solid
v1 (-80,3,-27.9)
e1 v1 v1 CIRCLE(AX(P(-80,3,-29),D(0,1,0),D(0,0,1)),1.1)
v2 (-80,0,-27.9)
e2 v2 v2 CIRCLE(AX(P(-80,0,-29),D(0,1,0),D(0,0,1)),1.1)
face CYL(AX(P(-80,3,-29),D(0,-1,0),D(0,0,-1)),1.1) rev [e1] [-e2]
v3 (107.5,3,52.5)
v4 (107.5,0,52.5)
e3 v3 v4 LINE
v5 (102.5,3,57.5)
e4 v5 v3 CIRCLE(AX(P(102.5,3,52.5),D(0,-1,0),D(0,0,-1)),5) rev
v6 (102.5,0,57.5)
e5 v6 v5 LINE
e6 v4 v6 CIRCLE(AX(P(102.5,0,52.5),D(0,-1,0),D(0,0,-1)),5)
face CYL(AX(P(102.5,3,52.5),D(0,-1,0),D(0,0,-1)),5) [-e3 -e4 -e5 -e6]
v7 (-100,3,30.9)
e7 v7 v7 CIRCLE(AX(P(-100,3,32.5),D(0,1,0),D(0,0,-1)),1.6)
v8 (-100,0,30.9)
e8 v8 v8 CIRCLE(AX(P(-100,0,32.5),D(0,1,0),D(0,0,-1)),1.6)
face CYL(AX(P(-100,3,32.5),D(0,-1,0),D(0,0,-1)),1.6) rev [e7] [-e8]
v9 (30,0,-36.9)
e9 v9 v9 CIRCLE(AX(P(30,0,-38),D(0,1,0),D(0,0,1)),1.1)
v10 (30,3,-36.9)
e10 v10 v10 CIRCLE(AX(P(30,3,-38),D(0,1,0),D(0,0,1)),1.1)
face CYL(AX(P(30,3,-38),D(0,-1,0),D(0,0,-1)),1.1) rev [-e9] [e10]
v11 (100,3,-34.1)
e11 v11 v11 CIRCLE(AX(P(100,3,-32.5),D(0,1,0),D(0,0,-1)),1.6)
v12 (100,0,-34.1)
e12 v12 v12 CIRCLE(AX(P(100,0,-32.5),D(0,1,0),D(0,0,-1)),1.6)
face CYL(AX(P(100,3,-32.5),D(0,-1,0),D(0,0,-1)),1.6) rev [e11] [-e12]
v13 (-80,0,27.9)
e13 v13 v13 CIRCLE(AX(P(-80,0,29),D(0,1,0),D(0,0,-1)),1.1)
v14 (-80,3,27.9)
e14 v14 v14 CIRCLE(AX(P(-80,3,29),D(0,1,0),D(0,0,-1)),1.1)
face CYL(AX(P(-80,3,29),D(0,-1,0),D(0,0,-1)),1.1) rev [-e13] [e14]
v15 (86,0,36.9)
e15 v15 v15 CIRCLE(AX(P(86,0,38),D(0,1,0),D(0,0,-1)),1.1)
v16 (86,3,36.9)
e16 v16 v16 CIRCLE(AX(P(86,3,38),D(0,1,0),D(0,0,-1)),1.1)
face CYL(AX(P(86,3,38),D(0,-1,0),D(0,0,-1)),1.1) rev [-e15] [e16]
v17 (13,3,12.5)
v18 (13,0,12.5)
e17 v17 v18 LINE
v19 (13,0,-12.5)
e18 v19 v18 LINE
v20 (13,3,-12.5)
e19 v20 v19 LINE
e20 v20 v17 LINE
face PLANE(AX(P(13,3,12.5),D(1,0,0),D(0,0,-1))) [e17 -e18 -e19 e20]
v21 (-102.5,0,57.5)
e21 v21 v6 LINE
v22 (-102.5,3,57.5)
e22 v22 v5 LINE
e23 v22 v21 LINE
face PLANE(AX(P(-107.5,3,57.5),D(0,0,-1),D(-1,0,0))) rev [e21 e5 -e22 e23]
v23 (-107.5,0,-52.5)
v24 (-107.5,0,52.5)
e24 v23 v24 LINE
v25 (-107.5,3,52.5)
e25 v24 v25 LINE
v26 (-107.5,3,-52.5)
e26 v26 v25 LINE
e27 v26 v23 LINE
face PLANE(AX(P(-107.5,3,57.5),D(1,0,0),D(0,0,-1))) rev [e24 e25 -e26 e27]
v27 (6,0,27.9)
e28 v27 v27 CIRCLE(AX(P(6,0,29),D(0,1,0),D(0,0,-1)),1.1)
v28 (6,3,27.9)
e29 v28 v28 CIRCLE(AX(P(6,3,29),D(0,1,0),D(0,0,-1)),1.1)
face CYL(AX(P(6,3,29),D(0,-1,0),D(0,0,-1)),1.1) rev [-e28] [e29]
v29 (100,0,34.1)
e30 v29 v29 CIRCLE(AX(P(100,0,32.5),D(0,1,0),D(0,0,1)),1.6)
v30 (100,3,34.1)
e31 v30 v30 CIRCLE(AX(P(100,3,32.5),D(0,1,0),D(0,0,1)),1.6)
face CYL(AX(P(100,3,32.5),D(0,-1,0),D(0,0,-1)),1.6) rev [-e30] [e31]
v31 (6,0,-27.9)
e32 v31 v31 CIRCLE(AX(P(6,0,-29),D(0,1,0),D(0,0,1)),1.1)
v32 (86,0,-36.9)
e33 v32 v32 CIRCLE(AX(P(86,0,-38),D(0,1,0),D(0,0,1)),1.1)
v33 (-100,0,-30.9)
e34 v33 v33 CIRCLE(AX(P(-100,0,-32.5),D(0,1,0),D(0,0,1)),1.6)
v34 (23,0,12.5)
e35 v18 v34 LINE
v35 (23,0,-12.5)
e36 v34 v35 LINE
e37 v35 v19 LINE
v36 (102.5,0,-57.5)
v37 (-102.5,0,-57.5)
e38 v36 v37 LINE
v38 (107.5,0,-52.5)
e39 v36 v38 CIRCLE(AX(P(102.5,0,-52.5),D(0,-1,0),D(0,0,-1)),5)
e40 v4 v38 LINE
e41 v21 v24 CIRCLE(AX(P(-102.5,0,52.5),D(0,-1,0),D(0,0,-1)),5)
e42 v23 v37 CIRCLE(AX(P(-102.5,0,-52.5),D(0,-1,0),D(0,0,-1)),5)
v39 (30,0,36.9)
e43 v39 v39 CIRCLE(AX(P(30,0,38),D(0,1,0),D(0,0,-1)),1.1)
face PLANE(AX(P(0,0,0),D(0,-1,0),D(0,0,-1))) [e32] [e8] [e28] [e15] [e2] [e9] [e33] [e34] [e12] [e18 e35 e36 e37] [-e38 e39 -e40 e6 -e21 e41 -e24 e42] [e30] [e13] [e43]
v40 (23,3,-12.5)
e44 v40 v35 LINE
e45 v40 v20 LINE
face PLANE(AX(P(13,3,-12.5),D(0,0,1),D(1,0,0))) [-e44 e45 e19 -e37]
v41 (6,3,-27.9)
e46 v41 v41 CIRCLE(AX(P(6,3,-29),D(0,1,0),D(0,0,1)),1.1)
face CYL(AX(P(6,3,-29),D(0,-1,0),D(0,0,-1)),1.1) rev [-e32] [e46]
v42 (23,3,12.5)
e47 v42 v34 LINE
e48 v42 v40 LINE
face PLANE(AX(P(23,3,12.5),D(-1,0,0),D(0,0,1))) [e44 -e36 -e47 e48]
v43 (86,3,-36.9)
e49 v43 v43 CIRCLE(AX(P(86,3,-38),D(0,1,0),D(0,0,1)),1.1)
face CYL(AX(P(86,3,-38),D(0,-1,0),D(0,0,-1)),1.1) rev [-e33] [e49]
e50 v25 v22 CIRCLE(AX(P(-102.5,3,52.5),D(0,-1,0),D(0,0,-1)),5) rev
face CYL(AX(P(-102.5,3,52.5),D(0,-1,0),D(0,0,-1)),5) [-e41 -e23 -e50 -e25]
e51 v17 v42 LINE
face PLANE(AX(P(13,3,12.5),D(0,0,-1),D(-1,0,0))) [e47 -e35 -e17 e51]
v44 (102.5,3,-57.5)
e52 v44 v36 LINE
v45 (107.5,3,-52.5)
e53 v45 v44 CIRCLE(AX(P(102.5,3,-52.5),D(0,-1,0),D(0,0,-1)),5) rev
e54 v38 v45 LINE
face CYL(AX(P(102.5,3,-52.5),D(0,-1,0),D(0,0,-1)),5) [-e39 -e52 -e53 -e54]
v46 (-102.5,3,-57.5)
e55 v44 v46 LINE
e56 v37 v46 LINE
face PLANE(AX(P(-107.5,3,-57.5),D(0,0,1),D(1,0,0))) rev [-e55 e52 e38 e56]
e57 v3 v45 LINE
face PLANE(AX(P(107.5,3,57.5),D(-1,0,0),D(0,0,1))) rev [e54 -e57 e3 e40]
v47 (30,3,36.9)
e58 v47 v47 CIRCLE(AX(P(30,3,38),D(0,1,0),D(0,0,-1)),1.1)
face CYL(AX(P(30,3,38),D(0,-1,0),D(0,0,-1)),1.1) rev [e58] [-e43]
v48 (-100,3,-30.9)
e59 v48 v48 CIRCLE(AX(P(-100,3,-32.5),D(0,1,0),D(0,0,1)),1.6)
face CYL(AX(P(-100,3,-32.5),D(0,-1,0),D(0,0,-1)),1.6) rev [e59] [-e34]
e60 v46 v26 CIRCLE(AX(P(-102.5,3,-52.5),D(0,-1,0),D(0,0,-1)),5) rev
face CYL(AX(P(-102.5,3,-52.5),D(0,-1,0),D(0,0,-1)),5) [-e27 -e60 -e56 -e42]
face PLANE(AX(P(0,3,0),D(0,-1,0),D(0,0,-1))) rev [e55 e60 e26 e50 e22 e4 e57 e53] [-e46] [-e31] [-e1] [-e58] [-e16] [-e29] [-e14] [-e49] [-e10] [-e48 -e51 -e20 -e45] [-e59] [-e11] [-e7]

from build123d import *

# Parameters (mm, degrees)
SKETCH1_W           = 215
SKETCH1_H           = 115
SKETCH1_R           = 1.6
SKETCH1_R_2         = 1.1
SKETCH1_W_2         = 10
SKETCH1_H_2         = 25
BOSS_EXTRUDE1_DEPTH = 3
FILLET1_R           = 5


with BuildPart() as part:
    # Sketch1 → Boss-Extrude1 (new body)
    with BuildSketch(Plane(origin=(0, 0, 0), x_dir=(1, 0, 0), z_dir=(0, 1, 0))):
        Rectangle(SKETCH1_W, SKETCH1_H)
        with Locations(Location((100, -32.5, 0), (0, 0, 270))):
            Circle(SKETCH1_R, mode=Mode.SUBTRACT)
        with Locations(Location((-100, -32.5, 0), (0, 0, 90))):
            Circle(SKETCH1_R, mode=Mode.SUBTRACT)
        with Locations(Location((100, 32.5, 0), (0, 0, 90))):
            Circle(SKETCH1_R, mode=Mode.SUBTRACT)
        with Locations(Location((-100, 32.5, 0), (0, 0, 270))):
            Circle(SKETCH1_R, mode=Mode.SUBTRACT)
        with Locations(Location((-80, 29, 0), (0, 0, 270))):
            Circle(SKETCH1_R_2, mode=Mode.SUBTRACT)
        with Locations(Location((-80, -29, 0), (0, 0, 90))):
            Circle(SKETCH1_R_2, mode=Mode.SUBTRACT)
        with Locations(Location((30, 38, 0), (0, 0, 270))):
            Circle(SKETCH1_R_2, mode=Mode.SUBTRACT)
        with Locations(Location((86, 38, 0), (0, 0, 270))):
            Circle(SKETCH1_R_2, mode=Mode.SUBTRACT)
        with Locations(Location((86, -38, 0), (0, 0, 90))):
            Circle(SKETCH1_R_2, mode=Mode.SUBTRACT)
        with Locations(Location((30, -38, 0), (0, 0, 90))):
            Circle(SKETCH1_R_2, mode=Mode.SUBTRACT)
        with Locations(Location((6, 29, 0), (0, 0, 270))):
            Circle(SKETCH1_R_2, mode=Mode.SUBTRACT)
        with Locations(Location((6, -29, 0), (0, 0, 90))):
            Circle(SKETCH1_R_2, mode=Mode.SUBTRACT)
        with Locations((18, 0)):
            Rectangle(SKETCH1_W_2, SKETCH1_H_2, mode=Mode.SUBTRACT)
    extrude(amount=BOSS_EXTRUDE1_DEPTH)

    # Fillet1
    fillet1_edges = [part.edges().sort_by_distance(p)[0] for p in [
        (107.5, 1.5, 57.5),
        (-107.5, 1.5, 57.5),
        (-107.5, 1.5, -57.5),
        (107.5, 1.5, -57.5),
    ]]
    fillet(fillet1_edges, radius=FILLET1_R)


solid = part.part
